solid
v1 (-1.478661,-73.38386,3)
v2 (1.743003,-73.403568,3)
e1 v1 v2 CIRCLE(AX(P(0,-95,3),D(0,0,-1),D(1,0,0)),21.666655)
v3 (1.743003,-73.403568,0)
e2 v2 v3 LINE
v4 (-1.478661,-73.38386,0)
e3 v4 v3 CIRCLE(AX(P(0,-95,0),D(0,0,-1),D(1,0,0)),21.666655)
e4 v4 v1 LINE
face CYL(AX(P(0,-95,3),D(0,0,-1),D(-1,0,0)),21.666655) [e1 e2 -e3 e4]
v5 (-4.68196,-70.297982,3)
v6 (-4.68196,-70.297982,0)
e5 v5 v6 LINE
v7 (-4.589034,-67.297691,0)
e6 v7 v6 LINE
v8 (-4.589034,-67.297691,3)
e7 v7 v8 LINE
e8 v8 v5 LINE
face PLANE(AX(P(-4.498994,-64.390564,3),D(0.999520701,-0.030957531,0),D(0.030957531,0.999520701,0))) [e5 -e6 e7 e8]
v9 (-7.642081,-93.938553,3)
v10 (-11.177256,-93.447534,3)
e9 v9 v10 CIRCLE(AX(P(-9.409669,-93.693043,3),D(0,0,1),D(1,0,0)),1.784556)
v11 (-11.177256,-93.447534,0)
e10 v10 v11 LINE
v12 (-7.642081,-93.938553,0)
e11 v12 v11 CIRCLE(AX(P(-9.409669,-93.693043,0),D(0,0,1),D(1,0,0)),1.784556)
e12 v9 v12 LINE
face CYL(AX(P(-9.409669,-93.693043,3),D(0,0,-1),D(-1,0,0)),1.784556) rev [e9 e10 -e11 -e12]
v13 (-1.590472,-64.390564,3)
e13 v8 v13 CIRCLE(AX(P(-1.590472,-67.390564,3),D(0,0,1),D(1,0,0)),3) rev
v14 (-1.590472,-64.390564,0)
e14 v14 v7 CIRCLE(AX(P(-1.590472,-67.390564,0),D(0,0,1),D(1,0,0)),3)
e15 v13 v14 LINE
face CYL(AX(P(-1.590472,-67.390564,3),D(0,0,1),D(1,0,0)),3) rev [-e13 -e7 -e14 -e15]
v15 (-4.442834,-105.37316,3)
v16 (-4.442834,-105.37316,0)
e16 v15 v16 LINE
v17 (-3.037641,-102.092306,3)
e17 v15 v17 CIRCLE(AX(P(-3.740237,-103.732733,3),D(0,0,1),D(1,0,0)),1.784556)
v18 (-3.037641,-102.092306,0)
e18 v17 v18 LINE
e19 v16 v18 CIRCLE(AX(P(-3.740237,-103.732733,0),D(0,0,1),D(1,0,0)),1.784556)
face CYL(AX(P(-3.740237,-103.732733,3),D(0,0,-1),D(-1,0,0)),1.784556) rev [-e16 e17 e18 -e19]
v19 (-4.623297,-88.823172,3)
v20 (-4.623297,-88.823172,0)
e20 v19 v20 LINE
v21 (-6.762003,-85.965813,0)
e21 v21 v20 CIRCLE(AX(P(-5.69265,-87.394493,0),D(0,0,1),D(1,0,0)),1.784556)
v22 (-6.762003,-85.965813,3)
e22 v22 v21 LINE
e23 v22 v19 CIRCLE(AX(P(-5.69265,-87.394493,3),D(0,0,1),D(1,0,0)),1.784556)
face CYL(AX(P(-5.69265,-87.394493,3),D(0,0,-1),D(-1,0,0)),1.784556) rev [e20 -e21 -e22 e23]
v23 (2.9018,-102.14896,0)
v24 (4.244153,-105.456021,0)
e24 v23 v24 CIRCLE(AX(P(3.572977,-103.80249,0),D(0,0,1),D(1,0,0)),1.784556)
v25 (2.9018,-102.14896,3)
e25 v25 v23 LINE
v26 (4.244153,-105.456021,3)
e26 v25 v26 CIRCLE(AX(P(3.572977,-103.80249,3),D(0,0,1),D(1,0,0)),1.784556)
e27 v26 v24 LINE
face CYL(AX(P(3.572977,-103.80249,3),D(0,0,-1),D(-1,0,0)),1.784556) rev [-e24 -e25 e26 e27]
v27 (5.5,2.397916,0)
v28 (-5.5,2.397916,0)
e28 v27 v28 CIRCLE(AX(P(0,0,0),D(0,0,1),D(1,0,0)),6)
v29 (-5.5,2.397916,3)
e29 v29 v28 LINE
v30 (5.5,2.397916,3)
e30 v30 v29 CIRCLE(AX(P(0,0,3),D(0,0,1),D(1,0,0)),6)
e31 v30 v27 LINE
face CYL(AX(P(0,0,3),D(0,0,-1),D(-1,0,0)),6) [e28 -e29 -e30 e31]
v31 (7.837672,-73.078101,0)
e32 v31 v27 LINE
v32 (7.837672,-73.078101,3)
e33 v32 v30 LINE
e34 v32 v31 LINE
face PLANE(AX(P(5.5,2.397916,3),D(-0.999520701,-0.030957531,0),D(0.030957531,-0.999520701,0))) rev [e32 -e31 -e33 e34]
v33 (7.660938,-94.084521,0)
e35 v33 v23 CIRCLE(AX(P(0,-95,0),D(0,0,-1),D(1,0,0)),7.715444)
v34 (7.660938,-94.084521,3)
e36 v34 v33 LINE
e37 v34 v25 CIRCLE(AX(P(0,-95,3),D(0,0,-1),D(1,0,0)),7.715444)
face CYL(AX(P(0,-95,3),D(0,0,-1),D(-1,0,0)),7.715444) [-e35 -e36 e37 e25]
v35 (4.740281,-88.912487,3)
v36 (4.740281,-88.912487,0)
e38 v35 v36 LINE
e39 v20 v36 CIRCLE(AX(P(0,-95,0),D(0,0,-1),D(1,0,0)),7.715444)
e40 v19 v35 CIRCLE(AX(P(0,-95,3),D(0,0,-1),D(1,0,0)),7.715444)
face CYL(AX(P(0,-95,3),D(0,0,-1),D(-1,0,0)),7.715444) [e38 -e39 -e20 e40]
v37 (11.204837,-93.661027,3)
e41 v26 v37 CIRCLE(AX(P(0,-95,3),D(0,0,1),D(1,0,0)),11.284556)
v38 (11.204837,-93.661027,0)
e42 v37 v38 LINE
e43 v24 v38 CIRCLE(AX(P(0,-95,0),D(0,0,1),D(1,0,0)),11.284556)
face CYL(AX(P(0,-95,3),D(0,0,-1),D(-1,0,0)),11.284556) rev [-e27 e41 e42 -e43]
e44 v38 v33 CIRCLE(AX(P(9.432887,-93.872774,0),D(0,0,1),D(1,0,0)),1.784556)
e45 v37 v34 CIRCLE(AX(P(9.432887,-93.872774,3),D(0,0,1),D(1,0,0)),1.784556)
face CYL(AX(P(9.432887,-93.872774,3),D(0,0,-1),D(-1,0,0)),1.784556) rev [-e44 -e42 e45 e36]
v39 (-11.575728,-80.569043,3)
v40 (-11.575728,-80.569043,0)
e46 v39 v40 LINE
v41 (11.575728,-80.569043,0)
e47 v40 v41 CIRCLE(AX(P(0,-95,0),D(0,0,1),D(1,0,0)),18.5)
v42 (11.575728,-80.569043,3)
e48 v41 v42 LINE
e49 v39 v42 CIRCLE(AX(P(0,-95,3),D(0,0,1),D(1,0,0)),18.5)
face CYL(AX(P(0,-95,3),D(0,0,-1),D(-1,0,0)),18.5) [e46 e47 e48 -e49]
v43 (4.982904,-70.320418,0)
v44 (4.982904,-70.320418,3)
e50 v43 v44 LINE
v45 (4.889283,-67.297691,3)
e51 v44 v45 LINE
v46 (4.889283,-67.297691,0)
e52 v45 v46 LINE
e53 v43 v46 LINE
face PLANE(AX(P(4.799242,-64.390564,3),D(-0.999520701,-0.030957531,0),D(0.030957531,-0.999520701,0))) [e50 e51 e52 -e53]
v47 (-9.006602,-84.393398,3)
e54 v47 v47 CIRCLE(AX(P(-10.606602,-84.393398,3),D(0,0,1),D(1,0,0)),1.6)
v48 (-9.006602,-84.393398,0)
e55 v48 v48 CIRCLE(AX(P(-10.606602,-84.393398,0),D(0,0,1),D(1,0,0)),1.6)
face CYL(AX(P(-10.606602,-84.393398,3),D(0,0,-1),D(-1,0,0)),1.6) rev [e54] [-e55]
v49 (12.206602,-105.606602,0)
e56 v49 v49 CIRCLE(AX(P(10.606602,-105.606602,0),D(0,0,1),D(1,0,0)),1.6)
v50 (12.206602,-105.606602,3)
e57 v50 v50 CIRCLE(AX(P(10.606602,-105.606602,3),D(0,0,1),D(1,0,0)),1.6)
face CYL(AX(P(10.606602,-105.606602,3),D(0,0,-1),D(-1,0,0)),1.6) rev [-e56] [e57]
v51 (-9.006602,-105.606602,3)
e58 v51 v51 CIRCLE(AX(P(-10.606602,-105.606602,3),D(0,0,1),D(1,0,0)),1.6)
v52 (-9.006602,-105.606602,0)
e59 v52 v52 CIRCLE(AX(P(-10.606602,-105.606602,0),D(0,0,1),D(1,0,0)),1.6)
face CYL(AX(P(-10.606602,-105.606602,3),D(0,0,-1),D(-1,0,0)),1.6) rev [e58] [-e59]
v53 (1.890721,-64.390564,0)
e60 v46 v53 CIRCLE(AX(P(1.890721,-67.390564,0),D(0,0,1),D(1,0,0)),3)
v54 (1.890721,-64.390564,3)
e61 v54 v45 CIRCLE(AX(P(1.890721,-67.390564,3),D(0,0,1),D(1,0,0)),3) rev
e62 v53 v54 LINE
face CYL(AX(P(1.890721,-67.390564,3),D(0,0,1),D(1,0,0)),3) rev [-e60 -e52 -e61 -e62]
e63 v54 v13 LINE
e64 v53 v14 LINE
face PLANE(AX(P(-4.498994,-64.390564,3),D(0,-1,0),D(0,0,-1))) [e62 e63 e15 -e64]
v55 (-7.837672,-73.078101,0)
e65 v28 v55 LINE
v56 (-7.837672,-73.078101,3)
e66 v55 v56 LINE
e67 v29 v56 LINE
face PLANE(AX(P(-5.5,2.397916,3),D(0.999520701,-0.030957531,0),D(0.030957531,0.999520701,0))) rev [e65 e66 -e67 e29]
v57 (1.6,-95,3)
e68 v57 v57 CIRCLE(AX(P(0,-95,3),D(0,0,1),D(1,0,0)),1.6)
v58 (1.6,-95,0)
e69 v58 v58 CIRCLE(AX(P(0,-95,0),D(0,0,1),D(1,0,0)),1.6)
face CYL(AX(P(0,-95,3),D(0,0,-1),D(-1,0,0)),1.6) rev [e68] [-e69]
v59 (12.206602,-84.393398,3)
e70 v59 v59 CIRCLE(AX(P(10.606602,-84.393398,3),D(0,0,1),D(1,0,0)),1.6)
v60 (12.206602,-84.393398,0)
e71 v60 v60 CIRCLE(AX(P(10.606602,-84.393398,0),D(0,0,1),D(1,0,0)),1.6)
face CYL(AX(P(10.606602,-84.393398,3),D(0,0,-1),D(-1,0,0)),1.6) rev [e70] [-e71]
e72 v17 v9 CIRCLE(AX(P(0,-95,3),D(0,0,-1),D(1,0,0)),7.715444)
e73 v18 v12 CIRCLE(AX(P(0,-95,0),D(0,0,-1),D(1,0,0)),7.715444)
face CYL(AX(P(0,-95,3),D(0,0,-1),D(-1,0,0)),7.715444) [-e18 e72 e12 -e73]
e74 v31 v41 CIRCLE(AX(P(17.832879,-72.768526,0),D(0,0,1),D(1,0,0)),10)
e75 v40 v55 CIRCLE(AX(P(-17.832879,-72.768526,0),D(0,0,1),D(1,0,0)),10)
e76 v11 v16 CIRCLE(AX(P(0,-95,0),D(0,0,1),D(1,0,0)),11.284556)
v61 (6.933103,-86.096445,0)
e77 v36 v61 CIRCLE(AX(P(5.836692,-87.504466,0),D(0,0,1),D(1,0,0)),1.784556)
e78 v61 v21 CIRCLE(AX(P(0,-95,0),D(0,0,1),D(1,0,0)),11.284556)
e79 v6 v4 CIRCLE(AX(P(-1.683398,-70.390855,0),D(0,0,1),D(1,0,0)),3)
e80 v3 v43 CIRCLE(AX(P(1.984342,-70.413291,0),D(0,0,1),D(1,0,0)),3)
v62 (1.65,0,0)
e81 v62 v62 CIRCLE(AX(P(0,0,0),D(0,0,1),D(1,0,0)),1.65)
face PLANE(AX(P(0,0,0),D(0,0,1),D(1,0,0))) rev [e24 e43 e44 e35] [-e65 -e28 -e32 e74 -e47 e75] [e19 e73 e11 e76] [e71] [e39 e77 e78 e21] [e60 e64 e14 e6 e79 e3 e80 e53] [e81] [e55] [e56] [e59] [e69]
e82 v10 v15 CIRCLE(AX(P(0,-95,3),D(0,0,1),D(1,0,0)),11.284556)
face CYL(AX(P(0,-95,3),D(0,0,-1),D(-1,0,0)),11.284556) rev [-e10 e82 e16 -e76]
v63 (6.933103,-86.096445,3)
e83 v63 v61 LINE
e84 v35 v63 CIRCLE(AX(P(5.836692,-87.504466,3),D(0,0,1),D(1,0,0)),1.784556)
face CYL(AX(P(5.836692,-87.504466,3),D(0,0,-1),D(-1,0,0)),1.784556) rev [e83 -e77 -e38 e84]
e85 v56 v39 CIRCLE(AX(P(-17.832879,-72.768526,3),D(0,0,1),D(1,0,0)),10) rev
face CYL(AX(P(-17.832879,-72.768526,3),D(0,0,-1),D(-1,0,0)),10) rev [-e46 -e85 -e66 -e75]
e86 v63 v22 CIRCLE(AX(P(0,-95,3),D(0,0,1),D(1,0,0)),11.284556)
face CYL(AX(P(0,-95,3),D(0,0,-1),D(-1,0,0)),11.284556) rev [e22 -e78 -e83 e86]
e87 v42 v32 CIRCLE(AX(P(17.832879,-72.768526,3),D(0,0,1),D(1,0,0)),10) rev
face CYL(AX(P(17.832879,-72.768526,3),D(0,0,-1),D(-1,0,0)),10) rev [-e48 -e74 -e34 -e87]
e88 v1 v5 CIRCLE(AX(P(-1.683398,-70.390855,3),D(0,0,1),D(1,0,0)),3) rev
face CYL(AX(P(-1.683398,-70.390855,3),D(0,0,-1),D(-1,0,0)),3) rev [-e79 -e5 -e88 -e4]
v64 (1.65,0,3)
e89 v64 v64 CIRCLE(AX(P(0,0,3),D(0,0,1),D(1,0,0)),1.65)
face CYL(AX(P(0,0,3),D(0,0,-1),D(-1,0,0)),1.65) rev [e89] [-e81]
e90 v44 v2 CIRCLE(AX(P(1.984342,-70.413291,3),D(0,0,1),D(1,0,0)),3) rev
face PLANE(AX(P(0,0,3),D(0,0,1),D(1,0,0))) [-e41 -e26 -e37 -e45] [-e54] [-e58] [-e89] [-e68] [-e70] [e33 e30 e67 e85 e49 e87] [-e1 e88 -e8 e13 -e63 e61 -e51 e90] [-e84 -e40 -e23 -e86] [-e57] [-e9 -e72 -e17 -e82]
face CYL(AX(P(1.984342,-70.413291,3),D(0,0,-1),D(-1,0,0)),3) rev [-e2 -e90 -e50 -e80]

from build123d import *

# Parameters (mm, degrees)
SKETCH_1_R      = 1.65
SKETCH_1_R_2    = 1.6
EXTRUDE_1_DEPTH = 3
FILLET_2_R      = 10
FILLET_3_R      = 3


with BuildPart() as part:
    # 草图1 → 凸台-拉伸1 (new body)
    with BuildSketch(Plane.XY):
        with BuildLine():
            Line((-5.5, 2.397915762), (-8, -78.319172682))
            ThreePointArc((-8, -78.319172682), (0, -113.5), (8, -78.319172682))
            Line((8, -78.319172682), (5.5, 2.397915762))
            ThreePointArc((5.5, 2.397915762), (0, 6), (-5.5, 2.397915762))
        make_face()
        Circle(SKETCH_1_R, mode=Mode.SUBTRACT)
        with Locations((0, -95)):
            Circle(SKETCH_1_R_2, mode=Mode.SUBTRACT)
        with Locations((10.606601718, -84.393398282)):
            Circle(SKETCH_1_R_2, mode=Mode.SUBTRACT)
        with Locations((10.606601718, -105.606601718)):
            Circle(SKETCH_1_R_2, mode=Mode.SUBTRACT)
        with Locations((-10.606601718, -105.606601718)):
            Circle(SKETCH_1_R_2, mode=Mode.SUBTRACT)
        with Locations((-10.606601718, -84.393398282)):
            Circle(SKETCH_1_R_2, mode=Mode.SUBTRACT)
        with BuildLine():
            Line((-4.498993554, -64.390563515), (-4.79259564, -73.870045737))
            ThreePointArc((-4.79259564, -73.870045737), (0.155319711, -73.333901691), (5.095039914, -73.940928121))
            Line((5.095039914, -73.940928121), (4.799242432, -64.390563515))
            Line((4.799242432, -64.390563515), (-4.498993554, -64.390563515))
        make_face(mode=Mode.SUBTRACT)
        with BuildLine():
            ThreePointArc((6.933102995, -86.096444908), (0.107633433, -83.715957043), (-6.762002909, -85.965813425))
            ThreePointArc((-6.762002909, -85.965813425), (-7.121329366, -88.463845995), (-4.623296795, -88.823172453))
            ThreePointArc((-4.623296795, -88.823172453), (0.073590815, -87.284907246), (4.740280844, -88.912487427))
            ThreePointArc((4.740280844, -88.912487427), (7.244713179, -88.600877243), (6.933102995, -86.096444908))
        make_face(mode=Mode.SUBTRACT)
        with BuildLine():
            ThreePointArc((4.244153397, -105.456020867), (9.718451142, -100.735234766), (11.204836531, -93.661026988))
            ThreePointArc((11.204836531, -93.661026988), (9.221140094, -92.100824863), (7.660937969, -94.0845213))
            ThreePointArc((7.660937969, -94.0845213), (6.64467091, -98.921277892), (2.901800112, -102.148959919))
            ThreePointArc((2.901800112, -102.148959919), (1.91944628, -104.473667035), (4.244153397, -105.456020867))
        make_face(mode=Mode.SUBTRACT)
        with BuildLine():
            ThreePointArc((-11.177256391, -93.447534226), (-9.826084575, -100.548808191), (-4.442833622, -105.373159587))
            ThreePointArc((-4.442833622, -105.373159587), (-2.099810728, -104.435329142), (-3.037641173, -102.092306248))
            ThreePointArc((-3.037641173, -102.092306248), (-6.718261725, -98.793814861), (-7.642080956, -93.938552654))
            ThreePointArc((-7.642080956, -93.938552654), (-9.164159459, -91.925455722), (-11.177256391, -93.447534226))
        make_face(mode=Mode.SUBTRACT)
    extrude(amount=EXTRUDE_1_DEPTH)

    # 圆角2
    fillet_2_edges = [part.edges().sort_by_distance(p)[0] for p in [
        (8, -78.319172682, 1.5),
        (-8, -78.319172682, 1.5),
    ]]
    fillet(fillet_2_edges, radius=FILLET_2_R)

    # 圆角3
    fillet_3_edges = [part.edges().sort_by_distance(p)[0] for p in [
        (-4.79259564, -73.870045737, 1.5),
        (5.095039914, -73.940928121, 1.5),
        (4.799242432, -64.390563515, 1.5),
        (-4.498993554, -64.390563515, 1.5),
    ]]
    fillet(fillet_3_edges, radius=FILLET_3_R)


solid = part.part
